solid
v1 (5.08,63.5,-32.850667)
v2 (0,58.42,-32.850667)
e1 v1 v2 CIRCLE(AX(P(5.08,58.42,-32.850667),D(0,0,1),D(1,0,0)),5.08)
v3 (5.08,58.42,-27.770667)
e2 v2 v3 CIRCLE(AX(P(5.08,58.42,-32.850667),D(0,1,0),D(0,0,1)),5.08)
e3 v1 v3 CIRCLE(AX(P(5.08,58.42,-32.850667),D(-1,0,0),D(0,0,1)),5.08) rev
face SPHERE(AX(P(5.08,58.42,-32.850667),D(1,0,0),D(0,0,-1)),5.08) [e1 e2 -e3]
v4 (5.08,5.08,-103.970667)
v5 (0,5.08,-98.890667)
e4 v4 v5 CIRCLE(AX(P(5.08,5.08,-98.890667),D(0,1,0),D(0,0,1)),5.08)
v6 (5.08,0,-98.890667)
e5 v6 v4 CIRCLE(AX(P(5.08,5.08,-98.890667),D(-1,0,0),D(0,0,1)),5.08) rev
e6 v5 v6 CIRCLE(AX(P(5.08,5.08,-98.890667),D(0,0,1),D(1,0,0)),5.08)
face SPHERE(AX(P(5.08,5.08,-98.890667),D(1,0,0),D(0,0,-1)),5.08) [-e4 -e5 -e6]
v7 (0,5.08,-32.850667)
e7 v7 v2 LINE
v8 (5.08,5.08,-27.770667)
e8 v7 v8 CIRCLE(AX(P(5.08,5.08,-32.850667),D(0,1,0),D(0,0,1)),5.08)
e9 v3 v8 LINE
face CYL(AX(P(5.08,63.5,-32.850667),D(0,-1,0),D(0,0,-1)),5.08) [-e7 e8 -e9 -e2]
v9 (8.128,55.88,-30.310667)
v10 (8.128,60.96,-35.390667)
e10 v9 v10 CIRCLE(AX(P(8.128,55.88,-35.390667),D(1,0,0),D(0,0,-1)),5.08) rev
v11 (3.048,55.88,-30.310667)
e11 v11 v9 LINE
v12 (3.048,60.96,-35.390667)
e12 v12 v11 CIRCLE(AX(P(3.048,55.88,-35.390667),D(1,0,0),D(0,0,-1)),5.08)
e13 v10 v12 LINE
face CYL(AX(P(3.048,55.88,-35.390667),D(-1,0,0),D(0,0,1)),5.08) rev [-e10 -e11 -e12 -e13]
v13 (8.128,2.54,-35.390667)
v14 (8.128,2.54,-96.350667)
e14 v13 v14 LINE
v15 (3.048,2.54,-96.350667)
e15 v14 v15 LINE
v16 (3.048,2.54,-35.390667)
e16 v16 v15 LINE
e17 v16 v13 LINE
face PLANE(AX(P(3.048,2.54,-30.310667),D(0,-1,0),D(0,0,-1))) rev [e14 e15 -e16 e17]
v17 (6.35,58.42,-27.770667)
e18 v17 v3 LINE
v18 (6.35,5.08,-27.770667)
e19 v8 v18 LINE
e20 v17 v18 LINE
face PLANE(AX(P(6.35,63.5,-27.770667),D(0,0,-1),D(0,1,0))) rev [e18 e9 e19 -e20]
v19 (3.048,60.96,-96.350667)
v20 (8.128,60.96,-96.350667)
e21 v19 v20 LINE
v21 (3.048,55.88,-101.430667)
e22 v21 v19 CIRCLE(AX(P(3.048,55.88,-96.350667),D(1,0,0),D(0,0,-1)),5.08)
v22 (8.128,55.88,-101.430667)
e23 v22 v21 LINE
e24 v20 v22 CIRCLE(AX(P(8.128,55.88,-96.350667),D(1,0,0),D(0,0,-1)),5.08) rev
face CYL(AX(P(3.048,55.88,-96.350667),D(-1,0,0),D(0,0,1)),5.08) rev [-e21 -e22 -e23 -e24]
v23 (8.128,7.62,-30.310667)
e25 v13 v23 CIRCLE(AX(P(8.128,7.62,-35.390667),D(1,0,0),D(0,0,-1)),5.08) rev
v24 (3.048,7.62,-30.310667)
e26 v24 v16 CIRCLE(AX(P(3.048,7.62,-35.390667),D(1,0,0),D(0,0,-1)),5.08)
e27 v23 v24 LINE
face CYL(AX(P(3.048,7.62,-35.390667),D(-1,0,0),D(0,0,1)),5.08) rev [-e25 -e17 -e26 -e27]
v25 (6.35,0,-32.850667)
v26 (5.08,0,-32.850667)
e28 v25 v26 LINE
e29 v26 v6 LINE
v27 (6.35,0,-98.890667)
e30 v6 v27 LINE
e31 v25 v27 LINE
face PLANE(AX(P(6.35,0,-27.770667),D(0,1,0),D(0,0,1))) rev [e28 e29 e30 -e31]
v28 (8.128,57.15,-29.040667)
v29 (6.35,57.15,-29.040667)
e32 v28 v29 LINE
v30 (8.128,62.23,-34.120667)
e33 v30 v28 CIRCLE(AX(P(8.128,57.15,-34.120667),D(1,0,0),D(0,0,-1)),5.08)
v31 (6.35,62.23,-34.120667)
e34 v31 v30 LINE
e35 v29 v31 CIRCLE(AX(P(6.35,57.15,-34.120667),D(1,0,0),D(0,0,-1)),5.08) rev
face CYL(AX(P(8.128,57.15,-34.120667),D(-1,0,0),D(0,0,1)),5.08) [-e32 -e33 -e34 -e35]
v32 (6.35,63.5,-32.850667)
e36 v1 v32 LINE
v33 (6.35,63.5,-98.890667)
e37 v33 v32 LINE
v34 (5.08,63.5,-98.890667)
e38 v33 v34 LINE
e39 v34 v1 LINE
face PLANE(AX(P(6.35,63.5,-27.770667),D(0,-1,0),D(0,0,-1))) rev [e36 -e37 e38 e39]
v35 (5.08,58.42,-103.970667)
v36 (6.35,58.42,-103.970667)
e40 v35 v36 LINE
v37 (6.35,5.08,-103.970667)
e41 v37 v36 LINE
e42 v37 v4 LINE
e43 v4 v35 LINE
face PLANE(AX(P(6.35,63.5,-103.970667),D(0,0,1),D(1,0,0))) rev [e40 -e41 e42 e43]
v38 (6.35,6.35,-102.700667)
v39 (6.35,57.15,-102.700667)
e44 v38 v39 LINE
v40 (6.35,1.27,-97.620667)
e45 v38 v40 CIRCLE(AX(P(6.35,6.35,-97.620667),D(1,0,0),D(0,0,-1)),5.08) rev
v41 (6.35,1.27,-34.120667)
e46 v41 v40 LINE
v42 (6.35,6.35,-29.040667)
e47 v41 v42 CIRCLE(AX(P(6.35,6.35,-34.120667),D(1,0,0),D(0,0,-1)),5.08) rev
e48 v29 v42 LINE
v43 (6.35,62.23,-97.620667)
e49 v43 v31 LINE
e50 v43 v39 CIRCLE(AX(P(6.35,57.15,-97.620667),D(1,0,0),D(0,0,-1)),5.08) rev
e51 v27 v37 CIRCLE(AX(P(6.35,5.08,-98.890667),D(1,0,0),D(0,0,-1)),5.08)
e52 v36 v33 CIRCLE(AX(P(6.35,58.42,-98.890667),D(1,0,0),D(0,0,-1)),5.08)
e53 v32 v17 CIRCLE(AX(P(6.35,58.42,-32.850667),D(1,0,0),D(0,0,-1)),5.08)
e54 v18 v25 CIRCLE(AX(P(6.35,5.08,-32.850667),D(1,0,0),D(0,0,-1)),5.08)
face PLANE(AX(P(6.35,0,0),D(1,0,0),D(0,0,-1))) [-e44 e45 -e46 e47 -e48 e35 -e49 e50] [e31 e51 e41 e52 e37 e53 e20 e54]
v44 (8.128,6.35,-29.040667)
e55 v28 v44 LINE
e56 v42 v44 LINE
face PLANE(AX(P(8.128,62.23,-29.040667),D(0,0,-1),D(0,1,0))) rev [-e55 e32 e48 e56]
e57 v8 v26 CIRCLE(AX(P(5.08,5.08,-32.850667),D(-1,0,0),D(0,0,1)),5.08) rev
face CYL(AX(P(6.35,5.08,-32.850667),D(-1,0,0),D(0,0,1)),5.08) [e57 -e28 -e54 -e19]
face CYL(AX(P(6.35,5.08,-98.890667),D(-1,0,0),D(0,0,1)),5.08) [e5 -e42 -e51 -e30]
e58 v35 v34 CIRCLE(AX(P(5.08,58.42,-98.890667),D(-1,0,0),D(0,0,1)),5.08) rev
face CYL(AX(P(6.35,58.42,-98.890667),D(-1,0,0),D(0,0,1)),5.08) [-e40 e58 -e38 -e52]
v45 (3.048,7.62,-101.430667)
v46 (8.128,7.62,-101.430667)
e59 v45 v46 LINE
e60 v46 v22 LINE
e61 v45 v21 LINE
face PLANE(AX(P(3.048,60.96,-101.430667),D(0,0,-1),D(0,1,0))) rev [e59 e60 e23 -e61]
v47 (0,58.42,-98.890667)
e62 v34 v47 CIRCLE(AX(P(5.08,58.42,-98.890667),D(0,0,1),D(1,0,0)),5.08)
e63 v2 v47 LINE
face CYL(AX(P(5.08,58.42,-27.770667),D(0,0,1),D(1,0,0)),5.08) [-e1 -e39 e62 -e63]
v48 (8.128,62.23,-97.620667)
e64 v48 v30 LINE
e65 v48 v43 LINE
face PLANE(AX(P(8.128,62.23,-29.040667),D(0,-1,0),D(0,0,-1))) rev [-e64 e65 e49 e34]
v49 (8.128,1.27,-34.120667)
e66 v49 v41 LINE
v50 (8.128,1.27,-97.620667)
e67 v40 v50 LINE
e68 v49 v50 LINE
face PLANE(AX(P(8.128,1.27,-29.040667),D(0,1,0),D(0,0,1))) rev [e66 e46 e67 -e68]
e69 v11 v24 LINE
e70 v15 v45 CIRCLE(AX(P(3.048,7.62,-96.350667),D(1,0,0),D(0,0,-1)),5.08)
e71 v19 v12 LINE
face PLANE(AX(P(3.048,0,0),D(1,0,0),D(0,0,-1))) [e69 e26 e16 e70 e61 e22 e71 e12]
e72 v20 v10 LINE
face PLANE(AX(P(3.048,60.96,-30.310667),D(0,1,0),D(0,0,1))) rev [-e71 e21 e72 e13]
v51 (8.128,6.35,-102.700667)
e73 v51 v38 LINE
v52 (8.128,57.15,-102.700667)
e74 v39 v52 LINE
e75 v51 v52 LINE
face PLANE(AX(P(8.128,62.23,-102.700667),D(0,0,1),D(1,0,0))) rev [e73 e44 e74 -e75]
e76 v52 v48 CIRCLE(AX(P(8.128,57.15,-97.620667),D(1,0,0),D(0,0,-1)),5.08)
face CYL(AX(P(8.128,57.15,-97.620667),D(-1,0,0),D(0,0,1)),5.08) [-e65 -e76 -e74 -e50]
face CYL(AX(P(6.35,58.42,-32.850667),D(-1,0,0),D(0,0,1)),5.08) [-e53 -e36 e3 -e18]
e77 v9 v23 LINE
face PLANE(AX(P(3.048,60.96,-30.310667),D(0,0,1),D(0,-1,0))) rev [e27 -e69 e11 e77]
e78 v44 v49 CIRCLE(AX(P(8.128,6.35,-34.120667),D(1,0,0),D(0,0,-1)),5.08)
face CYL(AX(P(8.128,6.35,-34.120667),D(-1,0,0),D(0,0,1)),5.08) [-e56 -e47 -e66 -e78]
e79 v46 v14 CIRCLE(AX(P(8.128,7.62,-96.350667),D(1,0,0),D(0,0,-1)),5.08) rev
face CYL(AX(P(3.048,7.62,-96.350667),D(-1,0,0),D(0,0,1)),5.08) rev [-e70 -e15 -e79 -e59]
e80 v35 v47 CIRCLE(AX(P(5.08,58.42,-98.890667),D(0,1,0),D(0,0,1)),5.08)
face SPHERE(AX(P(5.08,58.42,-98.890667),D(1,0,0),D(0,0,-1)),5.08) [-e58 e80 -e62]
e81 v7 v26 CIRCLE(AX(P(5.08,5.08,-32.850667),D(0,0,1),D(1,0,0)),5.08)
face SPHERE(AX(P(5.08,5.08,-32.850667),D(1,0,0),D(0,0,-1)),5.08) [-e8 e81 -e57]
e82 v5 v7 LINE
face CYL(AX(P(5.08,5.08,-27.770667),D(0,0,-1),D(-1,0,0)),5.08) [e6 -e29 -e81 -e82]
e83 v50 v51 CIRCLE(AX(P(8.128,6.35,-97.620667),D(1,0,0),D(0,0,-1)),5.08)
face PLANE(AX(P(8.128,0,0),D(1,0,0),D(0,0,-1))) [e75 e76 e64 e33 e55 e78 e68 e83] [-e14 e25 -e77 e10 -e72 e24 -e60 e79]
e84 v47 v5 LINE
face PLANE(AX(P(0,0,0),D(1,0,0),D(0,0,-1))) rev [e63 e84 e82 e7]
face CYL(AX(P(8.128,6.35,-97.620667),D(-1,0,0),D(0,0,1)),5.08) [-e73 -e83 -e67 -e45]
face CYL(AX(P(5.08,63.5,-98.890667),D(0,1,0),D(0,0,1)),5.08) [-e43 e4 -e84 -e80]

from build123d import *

# Parameters (mm, degrees)
SKETCH5_W           = 76.2
SKETCH5_H           = 63.5
BOSS_EXTRUDE2_DEPTH = 6.35
SKETCH6_W           = 73.66
SKETCH6_H           = 60.96
BOSS_EXTRUDE3_DEPTH = 1.778
SKETCH7_W           = 71.12
SKETCH7_H           = 58.42
CUT_EXTRUDE2_DEPTH  = 5.08
FILLET7_R           = 5.08
FILLET8_R           = 5.08
FILLET9_R           = 5.08
FILLET10_R          = 5.08
FILLET11_R          = 5.08
FILLET12_R          = 5.08
FILLET13_R          = 5.08


with BuildPart() as part:
    # Sketch5 → Boss-Extrude2 (new body)
    with BuildSketch(Plane(origin=(0, 0, 0), x_dir=(0, 0, -1), z_dir=(1, 0, 0))):
        with Locations((65.870666667, 31.75)):
            Rectangle(SKETCH5_W, SKETCH5_H)
    extrude(amount=BOSS_EXTRUDE2_DEPTH)

    # Sketch6 → Boss-Extrude3 (add)
    with BuildSketch(Plane(origin=(6.35, 0, 0), x_dir=(0, 0, -1), z_dir=(1, 0, 0))):
        with Locations((65.870666667, 31.75)):
            Rectangle(SKETCH6_W, SKETCH6_H)
    extrude(amount=BOSS_EXTRUDE3_DEPTH)

    # Sketch7 → Cut-Extrude2 (cut)
    with BuildSketch(Plane(origin=(8.128, 0, 0), x_dir=(0, 0, -1), z_dir=(1, 0, 0))):
        with Locations((65.870666667, 31.75)):
            Rectangle(SKETCH7_W, SKETCH7_H)
    extrude(amount=-CUT_EXTRUDE2_DEPTH, mode=Mode.SUBTRACT)

    # Fillet7
    fillet7_edges = [part.edges().sort_by_distance(p)[0] for p in [
        (5.588, 2.54, -30.310666667),
        (5.588, 2.54, -101.430666667),
    ]]
    fillet(fillet7_edges, radius=FILLET7_R)

    # Fillet8
    fillet8_edges = [part.edges().sort_by_distance(p)[0] for p in [
        (5.588, 60.96, -30.310666667),
        (5.588, 60.96, -101.430666667),
    ]]
    fillet(fillet8_edges, radius=FILLET8_R)

    # Fillet9
    fillet9_edges = [part.edges().sort_by_distance(p)[0] for p in [
        (7.239, 1.27, -29.040666667),
    ]]
    fillet(fillet9_edges, radius=FILLET9_R)

    # Fillet10
    fillet10_edges = [part.edges().sort_by_distance(p)[0] for p in [
        (3.175, 0, -27.770666667),
    ]]
    fillet(fillet10_edges, radius=FILLET10_R)

    # Fillet11
    fillet11_edges = [part.edges().sort_by_distance(p)[0] for p in [
        (7.239, 1.27, -102.700666667),
        (7.239, 62.23, -102.700666667),
        (3.175, 63.5, -103.970666667),
        (3.175, 0, -103.970666667),
    ]]
    fillet(fillet11_edges, radius=FILLET11_R)

    # Fillet12
    fillet12_edges = [part.edges().sort_by_distance(p)[0] for p in [
        (7.239, 62.23, -29.040666667),
        (3.175, 63.5, -27.770666667),
    ]]
    fillet(fillet12_edges, radius=FILLET12_R)

    # Fillet13
    fillet13_edges = [part.edges().sort_by_distance(p)[0] for p in [
        (0, 31.75, -27.770666667),
        (0, 62.012102448, -29.258564218),
        (0, 0, -65.870666667),
        (0, 1.487897552, -29.258564218),
        (0, 63.5, -65.870666667),
        (0, 31.75, -103.970666667),
        (0, 1.487897552, -102.482769115),
        (0, 62.012102448, -102.482769115),
    ]]
    fillet(fillet13_edges, radius=FILLET13_R)


solid = part.part
